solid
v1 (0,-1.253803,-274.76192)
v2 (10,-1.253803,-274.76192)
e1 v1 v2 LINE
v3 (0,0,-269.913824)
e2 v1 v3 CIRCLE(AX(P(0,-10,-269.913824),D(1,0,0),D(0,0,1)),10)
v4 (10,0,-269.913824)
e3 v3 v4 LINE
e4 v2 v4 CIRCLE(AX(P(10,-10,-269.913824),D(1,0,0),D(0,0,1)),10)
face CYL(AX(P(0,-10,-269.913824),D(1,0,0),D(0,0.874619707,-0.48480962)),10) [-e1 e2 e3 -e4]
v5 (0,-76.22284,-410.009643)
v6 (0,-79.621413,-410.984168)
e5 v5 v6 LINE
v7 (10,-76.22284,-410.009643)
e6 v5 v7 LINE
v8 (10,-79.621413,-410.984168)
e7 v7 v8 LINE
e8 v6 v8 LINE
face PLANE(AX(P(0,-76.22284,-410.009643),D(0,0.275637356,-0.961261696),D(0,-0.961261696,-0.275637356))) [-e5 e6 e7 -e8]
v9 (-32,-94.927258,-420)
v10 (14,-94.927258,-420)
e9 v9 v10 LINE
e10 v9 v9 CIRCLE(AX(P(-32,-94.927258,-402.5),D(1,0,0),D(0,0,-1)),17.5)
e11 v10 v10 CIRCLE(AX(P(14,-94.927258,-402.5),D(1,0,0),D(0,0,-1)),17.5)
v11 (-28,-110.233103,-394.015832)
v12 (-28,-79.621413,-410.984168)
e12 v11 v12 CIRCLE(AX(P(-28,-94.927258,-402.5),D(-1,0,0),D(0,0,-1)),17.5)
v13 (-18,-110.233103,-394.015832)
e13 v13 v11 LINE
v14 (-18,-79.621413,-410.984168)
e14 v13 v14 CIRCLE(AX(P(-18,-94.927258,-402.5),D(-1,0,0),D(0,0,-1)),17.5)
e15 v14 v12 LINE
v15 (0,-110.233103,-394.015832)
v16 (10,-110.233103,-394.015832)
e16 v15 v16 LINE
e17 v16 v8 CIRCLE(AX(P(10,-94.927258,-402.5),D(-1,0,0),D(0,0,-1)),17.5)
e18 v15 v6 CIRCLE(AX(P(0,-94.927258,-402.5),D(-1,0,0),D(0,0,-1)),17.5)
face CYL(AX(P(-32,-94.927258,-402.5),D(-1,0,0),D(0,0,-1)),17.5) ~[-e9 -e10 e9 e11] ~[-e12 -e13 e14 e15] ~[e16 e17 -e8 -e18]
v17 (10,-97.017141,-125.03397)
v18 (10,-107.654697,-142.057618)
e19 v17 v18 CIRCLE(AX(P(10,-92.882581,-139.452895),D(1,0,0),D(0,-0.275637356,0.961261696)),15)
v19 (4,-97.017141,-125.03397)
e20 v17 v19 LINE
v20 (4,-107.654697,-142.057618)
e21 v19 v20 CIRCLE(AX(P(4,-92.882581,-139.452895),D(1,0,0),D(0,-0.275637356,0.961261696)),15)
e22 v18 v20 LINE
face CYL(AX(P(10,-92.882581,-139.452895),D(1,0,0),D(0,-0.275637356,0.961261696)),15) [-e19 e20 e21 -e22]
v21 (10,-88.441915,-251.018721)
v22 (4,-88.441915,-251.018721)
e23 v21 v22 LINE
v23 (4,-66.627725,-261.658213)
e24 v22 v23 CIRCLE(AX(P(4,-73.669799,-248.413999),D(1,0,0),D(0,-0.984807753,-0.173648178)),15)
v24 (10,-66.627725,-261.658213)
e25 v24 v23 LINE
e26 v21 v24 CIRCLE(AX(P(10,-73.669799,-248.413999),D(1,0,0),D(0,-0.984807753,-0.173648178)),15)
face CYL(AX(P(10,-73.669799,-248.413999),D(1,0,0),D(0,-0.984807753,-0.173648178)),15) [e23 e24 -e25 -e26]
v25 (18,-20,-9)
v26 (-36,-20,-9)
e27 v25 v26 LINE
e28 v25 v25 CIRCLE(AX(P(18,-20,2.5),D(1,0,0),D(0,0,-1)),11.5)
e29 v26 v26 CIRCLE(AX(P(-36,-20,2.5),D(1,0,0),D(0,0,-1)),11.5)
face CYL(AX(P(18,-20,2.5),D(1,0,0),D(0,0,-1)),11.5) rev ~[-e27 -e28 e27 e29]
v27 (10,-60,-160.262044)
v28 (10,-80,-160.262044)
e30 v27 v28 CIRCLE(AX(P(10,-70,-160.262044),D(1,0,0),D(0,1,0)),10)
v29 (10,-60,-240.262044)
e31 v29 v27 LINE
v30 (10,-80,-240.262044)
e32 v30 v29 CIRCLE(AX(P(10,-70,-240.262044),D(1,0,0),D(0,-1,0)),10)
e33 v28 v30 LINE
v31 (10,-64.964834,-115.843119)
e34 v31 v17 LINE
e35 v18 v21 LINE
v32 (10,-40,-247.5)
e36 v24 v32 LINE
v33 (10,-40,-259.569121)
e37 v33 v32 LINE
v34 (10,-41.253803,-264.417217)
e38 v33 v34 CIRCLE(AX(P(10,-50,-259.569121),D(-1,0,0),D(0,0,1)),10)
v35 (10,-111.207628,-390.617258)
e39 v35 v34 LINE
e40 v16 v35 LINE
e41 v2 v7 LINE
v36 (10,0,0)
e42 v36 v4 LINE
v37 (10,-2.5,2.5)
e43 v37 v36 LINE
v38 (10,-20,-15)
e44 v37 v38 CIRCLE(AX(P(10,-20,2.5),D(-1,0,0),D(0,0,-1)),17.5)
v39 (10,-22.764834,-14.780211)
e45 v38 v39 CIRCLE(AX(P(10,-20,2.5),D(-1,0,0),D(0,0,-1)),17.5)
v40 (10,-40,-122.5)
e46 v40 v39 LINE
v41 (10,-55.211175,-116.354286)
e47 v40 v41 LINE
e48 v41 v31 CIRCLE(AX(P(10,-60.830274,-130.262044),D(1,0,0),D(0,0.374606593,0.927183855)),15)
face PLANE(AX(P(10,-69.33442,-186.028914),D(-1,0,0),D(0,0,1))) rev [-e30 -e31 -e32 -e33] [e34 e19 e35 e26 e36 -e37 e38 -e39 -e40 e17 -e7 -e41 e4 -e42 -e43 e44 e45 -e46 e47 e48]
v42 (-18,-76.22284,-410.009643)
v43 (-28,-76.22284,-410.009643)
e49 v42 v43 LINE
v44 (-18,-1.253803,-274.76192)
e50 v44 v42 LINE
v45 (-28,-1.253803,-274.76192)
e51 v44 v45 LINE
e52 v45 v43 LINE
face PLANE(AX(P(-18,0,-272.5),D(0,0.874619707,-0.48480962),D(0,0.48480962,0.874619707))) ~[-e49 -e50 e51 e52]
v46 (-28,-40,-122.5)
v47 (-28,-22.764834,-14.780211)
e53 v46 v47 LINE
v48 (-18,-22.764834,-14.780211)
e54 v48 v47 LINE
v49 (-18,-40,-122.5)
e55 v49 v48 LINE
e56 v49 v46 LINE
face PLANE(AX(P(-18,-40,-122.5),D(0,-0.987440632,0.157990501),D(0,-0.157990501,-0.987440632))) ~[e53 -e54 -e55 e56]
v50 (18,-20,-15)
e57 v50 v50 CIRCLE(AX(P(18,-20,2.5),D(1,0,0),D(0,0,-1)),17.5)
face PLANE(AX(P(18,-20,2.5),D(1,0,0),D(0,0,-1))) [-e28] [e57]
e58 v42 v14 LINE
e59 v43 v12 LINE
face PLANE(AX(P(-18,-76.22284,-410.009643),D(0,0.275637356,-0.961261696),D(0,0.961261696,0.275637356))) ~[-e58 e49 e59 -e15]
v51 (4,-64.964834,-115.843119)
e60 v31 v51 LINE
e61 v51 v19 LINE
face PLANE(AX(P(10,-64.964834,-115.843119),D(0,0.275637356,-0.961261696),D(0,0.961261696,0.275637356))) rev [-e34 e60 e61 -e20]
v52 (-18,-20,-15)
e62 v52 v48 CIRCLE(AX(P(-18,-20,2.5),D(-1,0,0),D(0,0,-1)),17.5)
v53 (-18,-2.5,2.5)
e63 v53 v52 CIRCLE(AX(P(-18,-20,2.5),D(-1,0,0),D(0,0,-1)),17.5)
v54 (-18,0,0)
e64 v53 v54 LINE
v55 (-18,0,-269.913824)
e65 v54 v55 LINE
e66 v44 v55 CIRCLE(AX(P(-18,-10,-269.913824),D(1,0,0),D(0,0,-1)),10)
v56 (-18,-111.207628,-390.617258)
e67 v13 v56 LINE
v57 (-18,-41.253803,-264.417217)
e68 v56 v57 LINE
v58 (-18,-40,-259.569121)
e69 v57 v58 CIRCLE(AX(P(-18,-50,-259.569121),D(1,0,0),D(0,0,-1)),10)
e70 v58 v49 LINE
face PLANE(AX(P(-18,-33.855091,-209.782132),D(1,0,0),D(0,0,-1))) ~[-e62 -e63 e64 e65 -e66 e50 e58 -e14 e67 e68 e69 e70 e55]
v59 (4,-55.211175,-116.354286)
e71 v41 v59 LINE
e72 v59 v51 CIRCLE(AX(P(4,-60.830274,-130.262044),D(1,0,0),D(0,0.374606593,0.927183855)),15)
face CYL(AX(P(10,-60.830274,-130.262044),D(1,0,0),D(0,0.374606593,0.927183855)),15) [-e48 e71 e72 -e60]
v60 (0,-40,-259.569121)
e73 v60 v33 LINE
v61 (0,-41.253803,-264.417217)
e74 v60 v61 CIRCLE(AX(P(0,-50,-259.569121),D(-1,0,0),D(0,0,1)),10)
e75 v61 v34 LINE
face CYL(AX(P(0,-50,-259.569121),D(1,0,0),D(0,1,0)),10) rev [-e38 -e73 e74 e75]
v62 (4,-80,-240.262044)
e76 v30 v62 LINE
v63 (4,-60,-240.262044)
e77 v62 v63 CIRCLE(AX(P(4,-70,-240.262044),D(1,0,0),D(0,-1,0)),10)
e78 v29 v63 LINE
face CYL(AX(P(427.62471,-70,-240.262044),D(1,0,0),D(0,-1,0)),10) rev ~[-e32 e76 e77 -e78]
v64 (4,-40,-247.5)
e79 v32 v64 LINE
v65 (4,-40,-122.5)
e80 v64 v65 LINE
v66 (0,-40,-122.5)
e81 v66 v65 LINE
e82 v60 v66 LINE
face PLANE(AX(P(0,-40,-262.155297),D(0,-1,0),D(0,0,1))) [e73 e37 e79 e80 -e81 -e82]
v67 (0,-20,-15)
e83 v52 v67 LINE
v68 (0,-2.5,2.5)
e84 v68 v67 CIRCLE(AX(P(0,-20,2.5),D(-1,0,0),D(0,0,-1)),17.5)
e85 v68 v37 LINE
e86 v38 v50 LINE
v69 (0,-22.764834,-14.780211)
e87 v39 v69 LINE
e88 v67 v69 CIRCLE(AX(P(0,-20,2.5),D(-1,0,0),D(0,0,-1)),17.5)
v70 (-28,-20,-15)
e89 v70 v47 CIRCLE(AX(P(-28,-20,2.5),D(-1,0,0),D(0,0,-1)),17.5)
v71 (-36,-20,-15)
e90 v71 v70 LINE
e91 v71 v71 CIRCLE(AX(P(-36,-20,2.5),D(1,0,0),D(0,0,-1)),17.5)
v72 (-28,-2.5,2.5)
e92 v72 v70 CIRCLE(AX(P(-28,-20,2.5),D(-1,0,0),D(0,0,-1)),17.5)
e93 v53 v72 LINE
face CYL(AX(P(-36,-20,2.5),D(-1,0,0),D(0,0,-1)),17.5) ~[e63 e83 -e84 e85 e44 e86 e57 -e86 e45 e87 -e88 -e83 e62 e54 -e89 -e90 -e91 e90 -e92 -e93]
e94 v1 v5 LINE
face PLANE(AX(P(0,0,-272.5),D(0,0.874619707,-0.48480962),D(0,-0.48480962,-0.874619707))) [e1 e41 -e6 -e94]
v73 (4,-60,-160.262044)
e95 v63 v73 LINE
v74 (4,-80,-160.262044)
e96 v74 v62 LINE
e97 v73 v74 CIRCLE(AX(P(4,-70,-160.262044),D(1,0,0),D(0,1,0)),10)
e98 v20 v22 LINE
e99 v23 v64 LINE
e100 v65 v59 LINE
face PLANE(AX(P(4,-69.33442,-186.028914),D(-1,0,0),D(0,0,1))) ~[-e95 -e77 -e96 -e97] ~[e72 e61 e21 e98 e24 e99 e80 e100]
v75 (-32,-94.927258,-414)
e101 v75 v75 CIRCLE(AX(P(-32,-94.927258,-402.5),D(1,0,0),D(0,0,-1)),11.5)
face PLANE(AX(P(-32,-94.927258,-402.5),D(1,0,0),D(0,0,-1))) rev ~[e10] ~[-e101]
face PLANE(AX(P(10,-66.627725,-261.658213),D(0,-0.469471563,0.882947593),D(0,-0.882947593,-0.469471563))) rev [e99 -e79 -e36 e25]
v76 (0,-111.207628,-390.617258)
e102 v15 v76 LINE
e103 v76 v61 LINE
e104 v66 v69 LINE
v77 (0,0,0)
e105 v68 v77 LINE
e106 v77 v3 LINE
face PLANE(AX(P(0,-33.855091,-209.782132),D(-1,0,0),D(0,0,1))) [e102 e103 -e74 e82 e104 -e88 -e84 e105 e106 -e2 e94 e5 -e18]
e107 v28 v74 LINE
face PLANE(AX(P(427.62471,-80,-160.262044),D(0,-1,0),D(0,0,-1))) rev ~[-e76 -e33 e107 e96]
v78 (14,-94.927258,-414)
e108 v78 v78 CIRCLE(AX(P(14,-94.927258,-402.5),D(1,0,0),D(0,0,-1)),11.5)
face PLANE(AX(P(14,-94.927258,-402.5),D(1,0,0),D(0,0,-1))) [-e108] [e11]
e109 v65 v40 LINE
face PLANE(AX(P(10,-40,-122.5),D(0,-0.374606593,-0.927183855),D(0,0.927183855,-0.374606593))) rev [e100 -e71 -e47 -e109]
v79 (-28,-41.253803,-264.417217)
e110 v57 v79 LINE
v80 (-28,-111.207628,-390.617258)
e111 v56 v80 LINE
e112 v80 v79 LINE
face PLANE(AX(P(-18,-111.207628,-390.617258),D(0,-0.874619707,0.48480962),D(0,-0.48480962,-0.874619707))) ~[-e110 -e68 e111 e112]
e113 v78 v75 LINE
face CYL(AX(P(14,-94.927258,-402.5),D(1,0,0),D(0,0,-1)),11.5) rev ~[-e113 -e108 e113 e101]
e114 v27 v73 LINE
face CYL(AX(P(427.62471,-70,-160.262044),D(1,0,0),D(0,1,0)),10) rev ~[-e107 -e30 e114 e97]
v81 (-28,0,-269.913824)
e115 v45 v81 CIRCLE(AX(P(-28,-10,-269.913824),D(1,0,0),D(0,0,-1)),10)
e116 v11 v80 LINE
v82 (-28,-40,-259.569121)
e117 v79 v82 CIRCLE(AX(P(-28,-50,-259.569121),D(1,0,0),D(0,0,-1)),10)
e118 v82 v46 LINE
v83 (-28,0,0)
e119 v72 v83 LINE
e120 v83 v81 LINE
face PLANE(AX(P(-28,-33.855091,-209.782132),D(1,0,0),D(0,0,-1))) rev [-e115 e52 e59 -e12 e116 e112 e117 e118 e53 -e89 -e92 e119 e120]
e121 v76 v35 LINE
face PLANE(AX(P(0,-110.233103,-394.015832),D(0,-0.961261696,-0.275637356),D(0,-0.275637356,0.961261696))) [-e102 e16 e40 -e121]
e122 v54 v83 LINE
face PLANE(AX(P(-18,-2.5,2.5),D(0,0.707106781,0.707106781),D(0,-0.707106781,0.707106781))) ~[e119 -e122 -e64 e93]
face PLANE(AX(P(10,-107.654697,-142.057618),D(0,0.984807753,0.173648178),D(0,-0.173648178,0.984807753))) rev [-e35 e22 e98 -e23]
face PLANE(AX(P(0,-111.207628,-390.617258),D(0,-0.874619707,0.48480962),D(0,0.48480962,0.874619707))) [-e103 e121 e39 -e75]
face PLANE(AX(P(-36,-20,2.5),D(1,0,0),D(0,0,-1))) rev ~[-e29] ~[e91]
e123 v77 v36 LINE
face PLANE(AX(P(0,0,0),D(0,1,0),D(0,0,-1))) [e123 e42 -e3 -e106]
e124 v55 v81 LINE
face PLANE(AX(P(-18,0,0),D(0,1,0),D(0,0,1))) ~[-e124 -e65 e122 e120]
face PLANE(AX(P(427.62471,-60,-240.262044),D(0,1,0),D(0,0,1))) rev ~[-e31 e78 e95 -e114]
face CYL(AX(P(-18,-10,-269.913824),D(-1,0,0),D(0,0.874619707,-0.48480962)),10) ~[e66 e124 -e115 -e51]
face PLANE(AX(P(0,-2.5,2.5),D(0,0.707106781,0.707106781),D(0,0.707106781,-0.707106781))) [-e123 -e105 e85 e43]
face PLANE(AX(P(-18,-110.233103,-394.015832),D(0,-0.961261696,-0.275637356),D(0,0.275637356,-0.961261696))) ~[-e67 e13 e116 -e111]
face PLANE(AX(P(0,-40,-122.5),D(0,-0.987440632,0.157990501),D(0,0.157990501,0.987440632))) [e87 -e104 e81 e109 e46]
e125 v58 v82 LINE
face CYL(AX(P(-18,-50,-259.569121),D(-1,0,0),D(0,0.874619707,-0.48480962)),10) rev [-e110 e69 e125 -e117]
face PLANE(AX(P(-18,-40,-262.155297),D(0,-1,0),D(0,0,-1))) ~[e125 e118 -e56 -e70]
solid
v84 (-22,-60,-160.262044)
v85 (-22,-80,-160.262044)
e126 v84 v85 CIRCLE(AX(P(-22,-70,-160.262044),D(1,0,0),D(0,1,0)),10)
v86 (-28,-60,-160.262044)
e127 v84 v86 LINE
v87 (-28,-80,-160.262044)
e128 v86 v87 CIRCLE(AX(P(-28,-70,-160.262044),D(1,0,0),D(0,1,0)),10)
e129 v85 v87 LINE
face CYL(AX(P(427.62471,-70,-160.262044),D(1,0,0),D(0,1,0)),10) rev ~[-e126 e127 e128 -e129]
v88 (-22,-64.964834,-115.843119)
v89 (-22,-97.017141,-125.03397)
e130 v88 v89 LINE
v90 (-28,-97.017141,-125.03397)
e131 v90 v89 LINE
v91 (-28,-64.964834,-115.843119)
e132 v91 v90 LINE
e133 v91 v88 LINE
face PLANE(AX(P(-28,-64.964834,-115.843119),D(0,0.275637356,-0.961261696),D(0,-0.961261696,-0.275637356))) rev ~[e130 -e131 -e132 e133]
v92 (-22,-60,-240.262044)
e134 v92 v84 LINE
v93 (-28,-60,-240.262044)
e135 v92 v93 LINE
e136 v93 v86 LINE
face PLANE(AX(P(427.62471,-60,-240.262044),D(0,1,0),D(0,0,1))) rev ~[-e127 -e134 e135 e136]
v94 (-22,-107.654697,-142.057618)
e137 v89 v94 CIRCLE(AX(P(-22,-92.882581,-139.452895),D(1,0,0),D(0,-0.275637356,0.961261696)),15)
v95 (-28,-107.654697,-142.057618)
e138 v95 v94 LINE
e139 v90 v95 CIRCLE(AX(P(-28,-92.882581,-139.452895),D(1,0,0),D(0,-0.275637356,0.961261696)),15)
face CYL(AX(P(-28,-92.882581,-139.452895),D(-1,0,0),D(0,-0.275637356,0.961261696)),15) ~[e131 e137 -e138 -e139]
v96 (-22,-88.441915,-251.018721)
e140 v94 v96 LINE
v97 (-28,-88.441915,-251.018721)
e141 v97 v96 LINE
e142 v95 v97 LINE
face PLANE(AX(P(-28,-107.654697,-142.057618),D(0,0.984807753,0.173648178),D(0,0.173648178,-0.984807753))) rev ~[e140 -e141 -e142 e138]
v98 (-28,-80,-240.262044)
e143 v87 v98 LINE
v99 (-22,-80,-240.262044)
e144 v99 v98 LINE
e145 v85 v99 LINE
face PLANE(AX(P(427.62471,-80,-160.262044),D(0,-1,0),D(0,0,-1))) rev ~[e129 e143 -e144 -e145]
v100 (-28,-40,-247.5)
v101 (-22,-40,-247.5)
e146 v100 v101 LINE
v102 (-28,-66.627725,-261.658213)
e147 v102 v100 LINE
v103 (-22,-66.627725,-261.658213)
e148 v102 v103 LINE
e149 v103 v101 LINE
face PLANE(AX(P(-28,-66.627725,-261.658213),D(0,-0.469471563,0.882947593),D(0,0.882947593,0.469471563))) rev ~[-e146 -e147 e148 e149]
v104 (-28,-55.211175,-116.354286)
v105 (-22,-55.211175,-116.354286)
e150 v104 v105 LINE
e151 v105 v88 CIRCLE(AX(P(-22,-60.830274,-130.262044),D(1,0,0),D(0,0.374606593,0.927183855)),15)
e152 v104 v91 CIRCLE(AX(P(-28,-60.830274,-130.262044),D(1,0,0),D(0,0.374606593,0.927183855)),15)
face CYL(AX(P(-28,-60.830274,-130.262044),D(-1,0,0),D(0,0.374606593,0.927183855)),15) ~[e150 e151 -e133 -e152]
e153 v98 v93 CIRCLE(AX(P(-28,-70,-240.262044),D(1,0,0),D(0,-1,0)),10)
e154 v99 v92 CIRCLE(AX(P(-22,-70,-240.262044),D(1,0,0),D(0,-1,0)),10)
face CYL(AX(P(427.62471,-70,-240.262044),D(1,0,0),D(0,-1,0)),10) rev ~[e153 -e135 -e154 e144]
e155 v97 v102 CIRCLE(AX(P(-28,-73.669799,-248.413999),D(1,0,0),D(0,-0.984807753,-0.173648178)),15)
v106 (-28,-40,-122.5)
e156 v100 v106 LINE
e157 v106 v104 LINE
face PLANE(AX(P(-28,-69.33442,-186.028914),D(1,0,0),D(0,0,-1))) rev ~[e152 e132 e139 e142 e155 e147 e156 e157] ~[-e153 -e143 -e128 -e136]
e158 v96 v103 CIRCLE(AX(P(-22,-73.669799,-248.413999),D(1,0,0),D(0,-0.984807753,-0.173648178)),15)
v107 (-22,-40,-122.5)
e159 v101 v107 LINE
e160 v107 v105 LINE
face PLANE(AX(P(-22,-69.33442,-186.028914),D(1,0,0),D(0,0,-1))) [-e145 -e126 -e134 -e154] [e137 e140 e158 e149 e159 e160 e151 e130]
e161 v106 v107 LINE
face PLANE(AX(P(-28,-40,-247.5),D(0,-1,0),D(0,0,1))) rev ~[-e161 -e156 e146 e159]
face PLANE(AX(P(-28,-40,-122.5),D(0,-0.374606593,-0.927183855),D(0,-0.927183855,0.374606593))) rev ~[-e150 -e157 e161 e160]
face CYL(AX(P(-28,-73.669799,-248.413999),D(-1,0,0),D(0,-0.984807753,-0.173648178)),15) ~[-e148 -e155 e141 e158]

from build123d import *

# Parameters (mm, degrees)
DODANIE_WYCI_GNI_CIE1_DEPTH      = 10
DODANIE_WYCI_GNI_CIE2_DEPTH      = 8
DODANIE_WYCI_GNI_CIE2_DEPTH_BACK = 46
SZKIC2_R                         = 17.5
DODANIE_WYCI_GNI_CIE3_DEPTH      = 4
DODANIE_WYCI_GNI_CIE3_DEPTH_BACK = 42
SZKIC3_R                         = 17.5
WYTNIJ_WYCI_GNI_CIE1_REACH       = 440.128
SZKIC4_R                         = 11.5
WYTNIJ_WYCI_GNI_CIE2_REACH       = 439.653
SZKIC5_R                         = 11.5
ZAOKR_GLENIE2_R                  = 10
DODANIE_WYCI_GNI_CIE4_DEPTH      = 6
WYTNIJ_WYCI_GNI_CIE6_DEPTH       = 436.624710447
WYTNIJ_WYCI_GNI_CIE6_DEPTH_BACK  = 436.624710447


with BuildPart() as part:
    # Szkic1 → Dodanie-wyciągnięcie1 (new body)
    with BuildSketch(Plane(origin=(0, 0, 0), x_dir=(0, 0, -1), z_dir=(1, 0, 0))):
        Polygon((0, 0), (272.5, 0), (410.009643137, -76.222839853), (410.984168354, -79.621413171), (394.015831646, -110.233102921), (390.617258327, -111.207628138), (262.155296626, -40), (122.5, -40), (-2.5, -20), (-2.5, -2.5), align=None)
    extrude(amount=DODANIE_WYCI_GNI_CIE1_DEPTH)


with BuildPart() as body_2:
    # Lustro3: mirrored copy
    add(part.part.mirror(Plane.ZY.offset(9)))


with BuildPart() as part_1:
    add(part.part)

    add(body_2.part)  # Dodanie-wyciągnięcie2 merges body 2
    # Szkic2 → Dodanie-wyciągnięcie2 (add, two sides: drawn at the far end of the back side and taken through both)
    with BuildSketch(Plane(origin=(10, 0, 0), x_dir=(0, 0, -1), z_dir=(1, 0, 0)).offset(-DODANIE_WYCI_GNI_CIE2_DEPTH_BACK)):
        with Locations((-2.5, -20)):
            Circle(SZKIC2_R)
    extrude(amount=DODANIE_WYCI_GNI_CIE2_DEPTH + DODANIE_WYCI_GNI_CIE2_DEPTH_BACK)

    # Szkic3 → Dodanie-wyciągnięcie3 (add, two sides: drawn at the far end of the back side and taken through both)
    with BuildSketch(Plane(origin=(10, 0, 0), x_dir=(0, 0, -1), z_dir=(1, 0, 0)).offset(-DODANIE_WYCI_GNI_CIE3_DEPTH_BACK)):
        with Locations((402.5, -94.927258046)):
            Circle(SZKIC3_R)
    extrude(amount=DODANIE_WYCI_GNI_CIE3_DEPTH + DODANIE_WYCI_GNI_CIE3_DEPTH_BACK)

    # Szkic4 → Wytnij-wyciągnięcie1 (cut, up to next)
    with BuildSketch(Plane(origin=(18, 0, 0), x_dir=(0, 0, -1), z_dir=(1, 0, 0)), mode=Mode.PRIVATE) as wytnij_wyci_gni_cie1_sk1:
        with Locations((-2.5, -20)):
            Circle(SZKIC4_R)
    wytnij_wyci_gni_cie1_tool1 = extrude(wytnij_wyci_gni_cie1_sk1.sketch, amount=-WYTNIJ_WYCI_GNI_CIE1_REACH, mode=Mode.PRIVATE) & part_1.part
    add(wytnij_wyci_gni_cie1_tool1.solids().sort_by_distance((18, -20, 2.5))[0], mode=Mode.SUBTRACT)

    # Szkic5 → Wytnij-wyciągnięcie2 (cut, up to next)
    with BuildSketch(Plane(origin=(14, 0, 0), x_dir=(0, 0, -1), z_dir=(1, 0, 0)), mode=Mode.PRIVATE) as wytnij_wyci_gni_cie2_sk1:
        with Locations((402.5, -94.927258046)):
            Circle(SZKIC5_R)
    wytnij_wyci_gni_cie2_tool1 = extrude(wytnij_wyci_gni_cie2_sk1.sketch, amount=-WYTNIJ_WYCI_GNI_CIE2_REACH, mode=Mode.PRIVATE) & part_1.part
    add(wytnij_wyci_gni_cie2_tool1.solids().sort_by_distance((14, -94.927258, -402.5))[0], mode=Mode.SUBTRACT)

    # Zaokrąglenie2
    zaokr_glenie2_edges = [part_1.edges().sort_by_distance(p)[0] for p in [
        (5, 0, -272.5),
        (5, -40, -262.155296626),
        (-23, -40, -262.155296626),
        (-23, 0, -272.5),
    ]]
    fillet(zaokr_glenie2_edges, radius=ZAOKR_GLENIE2_R)


with BuildPart() as body_2_2:
    # Szkic6 → Dodanie-wyciągnięcie4 (new body)
    with BuildSketch(Plane.ZY.offset(28)):
        with BuildLine():
            Line((-122.5, -40), (-116.354286397, -55.211174944))
            ThreePointArc((-116.354286397, -55.211174944), (-115.282601194, -60.045234502), (-115.843118776, -64.964834183))
            Line((-115.843118776, -64.964834183), (-125.033969922, -97.01714122))
            ThreePointArc((-125.033969922, -97.01714122), (-131.504106398, -105.603302325), (-142.057618026, -107.654697178))
            Line((-142.057618026, -107.654697178), (-251.01872134, -88.441914816))
            ThreePointArc((-251.01872134, -88.441914816), (-261.89590937, -80.245365723), (-261.658212568, -66.627725079))
            Line((-261.658212568, -66.627725079), (-247.5, -40))
            Line((-247.5, -40), (-122.5, -40))
        make_face()
    dodanie_wyci_gni_cie4 = extrude(amount=-DODANIE_WYCI_GNI_CIE4_DEPTH)


with BuildPart() as part_2:
    add(part_1.part)

    # Lustro4: Dodanie-wyciągnięcie4 across plane
    add(dodanie_wyci_gni_cie4.mirror(Plane.ZY.offset(9)))


with BuildPart() as wytnij_wyci_gni_cie6_tool:
    # Szkic17 → Wytnij-wyciągnięcie6 (new, two sides: drawn at the far end of the back side and taken through both)
    with BuildSketch(Plane.ZY.offset(9).offset(-WYTNIJ_WYCI_GNI_CIE6_DEPTH_BACK)):
        with BuildLine():
            Line((-240.262044215, -60), (-160.262044215, -60))
            ThreePointArc((-160.262044215, -60), (-150.262044215, -70), (-160.262044215, -80))
            Line((-160.262044215, -80), (-240.262044215, -80))
            ThreePointArc((-240.262044215, -80), (-250.262044215, -70), (-240.262044215, -60))
        make_face()
    extrude(amount=WYTNIJ_WYCI_GNI_CIE6_DEPTH + WYTNIJ_WYCI_GNI_CIE6_DEPTH_BACK)


with BuildPart() as part_3:
    add(part_2.part)

    # Wytnij-wyciągnięcie6: cut by wytnij_wyci_gni_cie6_tool
    add(wytnij_wyci_gni_cie6_tool.part, mode=Mode.SUBTRACT)


with BuildPart() as body_2_2_1:
    add(body_2_2.part)

    # Wytnij-wyciągnięcie6: cut by wytnij_wyci_gni_cie6_tool
    add(wytnij_wyci_gni_cie6_tool.part, mode=Mode.SUBTRACT)


solid = Compound([part_3.part, body_2_2_1.part])
